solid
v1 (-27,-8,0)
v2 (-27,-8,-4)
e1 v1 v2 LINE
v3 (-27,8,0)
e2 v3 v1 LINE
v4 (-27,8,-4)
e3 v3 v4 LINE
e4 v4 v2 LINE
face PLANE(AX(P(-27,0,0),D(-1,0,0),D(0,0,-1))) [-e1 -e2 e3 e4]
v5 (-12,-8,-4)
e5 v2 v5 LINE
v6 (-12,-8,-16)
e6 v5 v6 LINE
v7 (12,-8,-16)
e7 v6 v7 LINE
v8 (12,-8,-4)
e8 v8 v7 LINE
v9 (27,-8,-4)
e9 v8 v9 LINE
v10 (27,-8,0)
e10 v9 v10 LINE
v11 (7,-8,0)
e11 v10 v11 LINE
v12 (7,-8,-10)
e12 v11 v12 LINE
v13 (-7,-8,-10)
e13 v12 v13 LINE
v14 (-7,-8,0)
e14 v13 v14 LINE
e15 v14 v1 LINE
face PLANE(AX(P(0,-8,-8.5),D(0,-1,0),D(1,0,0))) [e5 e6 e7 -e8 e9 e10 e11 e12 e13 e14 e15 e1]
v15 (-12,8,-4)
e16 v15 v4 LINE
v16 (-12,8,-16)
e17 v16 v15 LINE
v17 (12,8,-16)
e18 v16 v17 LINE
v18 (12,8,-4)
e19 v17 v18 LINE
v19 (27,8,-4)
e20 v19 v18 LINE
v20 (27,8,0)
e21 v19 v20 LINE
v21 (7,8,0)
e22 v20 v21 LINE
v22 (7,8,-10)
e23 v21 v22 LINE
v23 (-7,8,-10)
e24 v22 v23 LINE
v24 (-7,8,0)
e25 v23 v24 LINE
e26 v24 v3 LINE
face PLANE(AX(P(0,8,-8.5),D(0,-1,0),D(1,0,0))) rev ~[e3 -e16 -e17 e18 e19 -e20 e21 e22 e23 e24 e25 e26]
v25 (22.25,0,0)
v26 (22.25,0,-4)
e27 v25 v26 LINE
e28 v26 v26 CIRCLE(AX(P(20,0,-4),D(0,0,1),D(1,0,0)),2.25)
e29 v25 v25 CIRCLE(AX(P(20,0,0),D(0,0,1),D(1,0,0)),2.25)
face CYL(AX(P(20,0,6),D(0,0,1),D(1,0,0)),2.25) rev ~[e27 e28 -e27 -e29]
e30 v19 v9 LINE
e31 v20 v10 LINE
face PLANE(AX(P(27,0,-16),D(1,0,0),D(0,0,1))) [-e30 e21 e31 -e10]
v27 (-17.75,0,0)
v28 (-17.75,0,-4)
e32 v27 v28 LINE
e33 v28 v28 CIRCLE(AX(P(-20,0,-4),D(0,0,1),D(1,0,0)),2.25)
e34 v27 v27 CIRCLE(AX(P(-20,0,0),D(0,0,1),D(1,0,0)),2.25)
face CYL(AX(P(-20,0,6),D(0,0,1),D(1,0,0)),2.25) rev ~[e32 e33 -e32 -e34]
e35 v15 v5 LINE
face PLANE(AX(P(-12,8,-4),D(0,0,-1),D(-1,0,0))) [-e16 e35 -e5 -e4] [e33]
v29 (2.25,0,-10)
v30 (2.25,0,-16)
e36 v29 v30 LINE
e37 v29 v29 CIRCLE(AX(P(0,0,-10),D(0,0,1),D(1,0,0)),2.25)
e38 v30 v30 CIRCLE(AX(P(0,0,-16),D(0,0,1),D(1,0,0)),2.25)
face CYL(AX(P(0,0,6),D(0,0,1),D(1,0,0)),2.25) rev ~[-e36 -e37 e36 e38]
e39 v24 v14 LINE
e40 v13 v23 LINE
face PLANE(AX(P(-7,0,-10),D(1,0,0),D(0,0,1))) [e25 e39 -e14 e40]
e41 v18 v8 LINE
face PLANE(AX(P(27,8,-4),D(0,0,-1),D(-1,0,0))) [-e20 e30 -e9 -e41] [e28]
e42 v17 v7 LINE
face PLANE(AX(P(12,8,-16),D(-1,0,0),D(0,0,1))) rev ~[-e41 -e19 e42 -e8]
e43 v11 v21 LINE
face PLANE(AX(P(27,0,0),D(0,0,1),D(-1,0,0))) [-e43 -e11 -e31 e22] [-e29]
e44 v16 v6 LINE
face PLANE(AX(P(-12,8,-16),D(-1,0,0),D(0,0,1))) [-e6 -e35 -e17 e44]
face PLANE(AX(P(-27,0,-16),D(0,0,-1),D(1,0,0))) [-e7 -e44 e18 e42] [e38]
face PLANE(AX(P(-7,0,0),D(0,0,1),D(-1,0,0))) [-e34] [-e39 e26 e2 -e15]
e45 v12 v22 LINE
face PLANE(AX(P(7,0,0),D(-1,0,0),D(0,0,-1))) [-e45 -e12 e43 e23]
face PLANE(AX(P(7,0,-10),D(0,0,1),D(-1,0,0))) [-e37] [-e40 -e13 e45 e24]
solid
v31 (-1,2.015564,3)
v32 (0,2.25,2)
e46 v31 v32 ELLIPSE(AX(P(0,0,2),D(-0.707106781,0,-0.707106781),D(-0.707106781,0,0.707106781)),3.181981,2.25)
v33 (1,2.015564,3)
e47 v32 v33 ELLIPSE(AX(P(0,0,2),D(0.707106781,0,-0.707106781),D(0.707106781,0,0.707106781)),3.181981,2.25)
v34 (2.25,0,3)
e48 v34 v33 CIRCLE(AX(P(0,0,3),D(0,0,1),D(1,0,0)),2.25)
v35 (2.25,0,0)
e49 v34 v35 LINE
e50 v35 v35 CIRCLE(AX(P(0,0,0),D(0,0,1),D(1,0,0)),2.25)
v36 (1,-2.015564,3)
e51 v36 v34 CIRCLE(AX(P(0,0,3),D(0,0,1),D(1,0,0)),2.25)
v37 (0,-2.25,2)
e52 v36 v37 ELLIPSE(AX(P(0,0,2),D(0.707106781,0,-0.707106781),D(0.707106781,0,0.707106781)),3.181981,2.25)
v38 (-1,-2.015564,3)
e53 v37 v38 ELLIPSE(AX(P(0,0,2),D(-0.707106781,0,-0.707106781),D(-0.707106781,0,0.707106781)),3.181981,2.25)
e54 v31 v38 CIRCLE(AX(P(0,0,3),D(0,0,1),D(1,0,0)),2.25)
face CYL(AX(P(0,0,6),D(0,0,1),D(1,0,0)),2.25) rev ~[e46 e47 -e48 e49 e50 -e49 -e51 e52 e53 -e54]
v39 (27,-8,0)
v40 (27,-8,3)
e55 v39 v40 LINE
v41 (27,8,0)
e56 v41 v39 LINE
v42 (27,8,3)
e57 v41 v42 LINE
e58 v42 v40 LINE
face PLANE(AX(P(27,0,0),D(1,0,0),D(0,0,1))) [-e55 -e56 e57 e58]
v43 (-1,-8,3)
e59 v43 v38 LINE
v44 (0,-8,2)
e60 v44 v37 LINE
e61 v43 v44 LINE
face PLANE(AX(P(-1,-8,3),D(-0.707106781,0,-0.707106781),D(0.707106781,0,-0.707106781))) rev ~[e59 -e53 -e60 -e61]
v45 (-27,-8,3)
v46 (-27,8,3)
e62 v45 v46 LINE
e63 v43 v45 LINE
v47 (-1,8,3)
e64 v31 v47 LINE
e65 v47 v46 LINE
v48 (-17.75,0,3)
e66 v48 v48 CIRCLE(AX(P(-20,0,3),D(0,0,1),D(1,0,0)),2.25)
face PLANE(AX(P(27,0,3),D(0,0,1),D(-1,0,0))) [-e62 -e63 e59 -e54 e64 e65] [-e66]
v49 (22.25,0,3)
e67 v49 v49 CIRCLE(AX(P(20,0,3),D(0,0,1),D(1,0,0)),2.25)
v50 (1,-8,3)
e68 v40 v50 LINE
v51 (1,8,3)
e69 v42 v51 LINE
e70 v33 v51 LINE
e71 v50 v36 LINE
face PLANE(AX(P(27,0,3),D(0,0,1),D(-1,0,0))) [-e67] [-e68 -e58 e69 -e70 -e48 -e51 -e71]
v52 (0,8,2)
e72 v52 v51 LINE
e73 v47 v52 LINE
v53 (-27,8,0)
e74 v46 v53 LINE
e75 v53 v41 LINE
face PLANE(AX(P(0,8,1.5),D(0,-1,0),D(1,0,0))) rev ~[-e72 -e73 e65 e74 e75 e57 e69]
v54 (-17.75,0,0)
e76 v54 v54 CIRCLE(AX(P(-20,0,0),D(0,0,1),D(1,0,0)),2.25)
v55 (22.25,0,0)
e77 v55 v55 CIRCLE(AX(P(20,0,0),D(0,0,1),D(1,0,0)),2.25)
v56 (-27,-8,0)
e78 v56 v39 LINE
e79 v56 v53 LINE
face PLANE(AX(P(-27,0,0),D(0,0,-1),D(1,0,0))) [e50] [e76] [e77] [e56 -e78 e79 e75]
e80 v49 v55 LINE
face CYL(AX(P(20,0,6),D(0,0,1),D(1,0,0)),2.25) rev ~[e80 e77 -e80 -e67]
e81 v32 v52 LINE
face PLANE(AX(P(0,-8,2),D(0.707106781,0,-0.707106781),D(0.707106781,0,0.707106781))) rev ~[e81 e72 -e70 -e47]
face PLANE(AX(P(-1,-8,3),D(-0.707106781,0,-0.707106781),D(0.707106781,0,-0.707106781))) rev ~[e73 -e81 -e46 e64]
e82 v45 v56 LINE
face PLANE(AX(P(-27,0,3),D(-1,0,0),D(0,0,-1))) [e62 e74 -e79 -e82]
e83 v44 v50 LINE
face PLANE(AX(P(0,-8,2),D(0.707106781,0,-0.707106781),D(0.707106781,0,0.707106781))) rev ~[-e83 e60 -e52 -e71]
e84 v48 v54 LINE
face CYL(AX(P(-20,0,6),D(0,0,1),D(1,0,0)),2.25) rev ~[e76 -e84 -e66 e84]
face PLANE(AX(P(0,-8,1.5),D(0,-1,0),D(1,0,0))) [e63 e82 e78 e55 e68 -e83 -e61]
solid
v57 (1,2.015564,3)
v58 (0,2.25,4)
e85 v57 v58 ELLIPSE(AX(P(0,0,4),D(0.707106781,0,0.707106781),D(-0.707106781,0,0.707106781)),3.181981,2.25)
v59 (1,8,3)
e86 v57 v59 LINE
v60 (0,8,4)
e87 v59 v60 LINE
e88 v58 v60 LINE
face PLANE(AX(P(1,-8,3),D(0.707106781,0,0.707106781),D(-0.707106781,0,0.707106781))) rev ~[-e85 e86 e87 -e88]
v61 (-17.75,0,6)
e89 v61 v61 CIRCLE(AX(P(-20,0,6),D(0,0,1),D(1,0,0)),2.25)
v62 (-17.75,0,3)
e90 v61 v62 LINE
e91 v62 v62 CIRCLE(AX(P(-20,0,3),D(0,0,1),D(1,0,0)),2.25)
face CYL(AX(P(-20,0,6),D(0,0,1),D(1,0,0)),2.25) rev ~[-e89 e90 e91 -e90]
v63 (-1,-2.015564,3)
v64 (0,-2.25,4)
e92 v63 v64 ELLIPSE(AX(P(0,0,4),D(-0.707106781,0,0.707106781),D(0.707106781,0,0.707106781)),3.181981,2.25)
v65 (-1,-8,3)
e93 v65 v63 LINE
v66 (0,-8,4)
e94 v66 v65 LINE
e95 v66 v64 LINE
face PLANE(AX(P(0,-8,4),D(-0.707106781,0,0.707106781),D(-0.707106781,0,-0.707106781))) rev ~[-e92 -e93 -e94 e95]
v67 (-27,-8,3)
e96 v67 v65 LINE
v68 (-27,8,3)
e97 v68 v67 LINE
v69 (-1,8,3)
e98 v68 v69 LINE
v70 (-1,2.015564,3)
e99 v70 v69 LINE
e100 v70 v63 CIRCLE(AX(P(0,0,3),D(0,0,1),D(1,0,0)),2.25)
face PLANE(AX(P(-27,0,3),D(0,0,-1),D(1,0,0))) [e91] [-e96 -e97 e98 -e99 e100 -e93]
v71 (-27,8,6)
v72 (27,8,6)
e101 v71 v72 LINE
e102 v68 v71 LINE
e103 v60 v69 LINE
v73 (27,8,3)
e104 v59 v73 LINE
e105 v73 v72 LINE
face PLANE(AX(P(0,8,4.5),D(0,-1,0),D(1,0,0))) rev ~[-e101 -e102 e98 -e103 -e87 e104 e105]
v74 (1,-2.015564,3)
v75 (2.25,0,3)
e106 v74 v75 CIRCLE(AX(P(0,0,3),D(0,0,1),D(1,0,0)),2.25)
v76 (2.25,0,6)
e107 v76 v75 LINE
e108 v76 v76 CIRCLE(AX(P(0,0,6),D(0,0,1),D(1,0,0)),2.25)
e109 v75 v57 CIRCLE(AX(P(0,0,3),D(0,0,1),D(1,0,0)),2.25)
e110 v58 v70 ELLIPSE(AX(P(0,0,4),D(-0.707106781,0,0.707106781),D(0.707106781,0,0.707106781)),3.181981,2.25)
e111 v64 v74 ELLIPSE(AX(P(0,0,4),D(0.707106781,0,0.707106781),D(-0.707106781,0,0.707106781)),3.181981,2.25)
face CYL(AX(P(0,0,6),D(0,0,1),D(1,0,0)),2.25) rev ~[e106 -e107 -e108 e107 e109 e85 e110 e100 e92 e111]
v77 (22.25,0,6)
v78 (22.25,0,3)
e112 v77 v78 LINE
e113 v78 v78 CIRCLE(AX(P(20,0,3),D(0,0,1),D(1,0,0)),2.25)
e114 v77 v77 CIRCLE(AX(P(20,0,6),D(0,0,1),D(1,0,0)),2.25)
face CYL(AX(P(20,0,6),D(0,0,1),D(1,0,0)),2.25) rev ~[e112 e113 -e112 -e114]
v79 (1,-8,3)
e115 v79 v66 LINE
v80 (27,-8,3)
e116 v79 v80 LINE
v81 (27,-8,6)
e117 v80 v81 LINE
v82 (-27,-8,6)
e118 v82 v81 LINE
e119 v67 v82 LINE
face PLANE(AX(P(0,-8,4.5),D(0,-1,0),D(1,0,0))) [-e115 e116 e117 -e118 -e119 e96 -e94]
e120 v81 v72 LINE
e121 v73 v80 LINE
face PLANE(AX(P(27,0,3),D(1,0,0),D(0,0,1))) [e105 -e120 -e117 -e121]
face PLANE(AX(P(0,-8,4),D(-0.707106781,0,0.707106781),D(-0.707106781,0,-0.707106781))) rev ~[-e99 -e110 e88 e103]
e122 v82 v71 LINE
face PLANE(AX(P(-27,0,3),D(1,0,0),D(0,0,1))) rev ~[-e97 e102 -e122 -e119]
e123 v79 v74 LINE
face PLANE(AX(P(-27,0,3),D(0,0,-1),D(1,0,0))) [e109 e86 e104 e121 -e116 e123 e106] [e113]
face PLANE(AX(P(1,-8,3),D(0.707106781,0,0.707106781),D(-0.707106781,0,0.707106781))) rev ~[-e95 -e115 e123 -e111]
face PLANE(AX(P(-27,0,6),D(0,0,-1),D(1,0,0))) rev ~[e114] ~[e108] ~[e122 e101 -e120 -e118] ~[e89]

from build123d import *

# Parameters (mm, degrees)
F1_DEPTH = 8
F2_DEPTH = 8
F0_W     = 54
F0_H     = 3
F3_DEPTH = 8
F4_R     = 2.25
F5_DEPTH = 30
F7_DEPTH = 16
F8_W     = 15
F8_H     = 12
F9_DEPTH = 25


with BuildPart() as f1:
    # F0 (on Front) → F1 (new body, symmetric)
    with BuildSketch(Plane.XZ):
        Polygon((-7, -10), (-7, 0), (-27, 0), (-27, -16), (27, -16), (27, 0), (7, 0), (7, -10), align=None)
    extrude(amount=F1_DEPTH, both=True)


with BuildPart() as f2:
    # F0 (on Front) → F2 (new body, symmetric)
    with BuildSketch(Plane.XZ):
        Polygon((-27, 0), (-7, 0), (7, 0), (27, 0), (27, 3), (-27, 3), align=None)
    extrude(amount=F2_DEPTH, both=True)


with BuildPart() as f3:
    # F0 (on Front) → F3 (new body, symmetric)
    with BuildSketch(Plane.XZ):
        with Locations((0, 4.5)):
            Rectangle(F0_W, F0_H)
    extrude(amount=F3_DEPTH, both=True)


with BuildPart() as f5_tool:
    # F4 (on face) → F5 (new body)
    with BuildSketch(Plane.XY.offset(6)):
        with Locations((-20, 0)):
            Circle(F4_R)
        with Locations((20, 0)):
            Circle(F4_R)
        Circle(F4_R)
    extrude(amount=-F5_DEPTH)


with BuildPart() as f1_1:
    add(f1.part)

    # F5: cut by f5_tool
    add(f5_tool.part, mode=Mode.SUBTRACT)

    # F8 (on face) → F9 (cut)
    with BuildSketch(Plane(origin=(0, 8, 0), x_dir=(-1, 0, 0), z_dir=(0, 1, 0))):
        with Locations((19.5, -10)):
            Rectangle(F8_W, F8_H)
        with Locations((-19.5, -10)):
            Rectangle(F8_W, F8_H)
    extrude(amount=-F9_DEPTH, mode=Mode.SUBTRACT)


with BuildPart() as f2_1:
    add(f2.part)

    # F5: cut by f5_tool
    add(f5_tool.part, mode=Mode.SUBTRACT)


with BuildPart() as f3_1:
    add(f3.part)

    # F5: cut by f5_tool
    add(f5_tool.part, mode=Mode.SUBTRACT)


with BuildPart() as f7_tool:
    # F6 (on face) → F7 (new body)
    with BuildSketch(Plane.XZ.offset(8)):
        Polygon((0, 4), (-1, 3), (1, 3), align=None)
        Polygon((1, 3), (-1, 3), (0, 2), align=None)
    extrude(amount=-F7_DEPTH)


with BuildPart() as f2_2:
    add(f2_1.part)

    # F7: cut by f7_tool
    add(f7_tool.part, mode=Mode.SUBTRACT)


with BuildPart() as f3_2:
    add(f3_1.part)

    # F7: cut by f7_tool
    add(f7_tool.part, mode=Mode.SUBTRACT)


solid = Compound([f1_1.part, f2_2.part, f3_2.part])
